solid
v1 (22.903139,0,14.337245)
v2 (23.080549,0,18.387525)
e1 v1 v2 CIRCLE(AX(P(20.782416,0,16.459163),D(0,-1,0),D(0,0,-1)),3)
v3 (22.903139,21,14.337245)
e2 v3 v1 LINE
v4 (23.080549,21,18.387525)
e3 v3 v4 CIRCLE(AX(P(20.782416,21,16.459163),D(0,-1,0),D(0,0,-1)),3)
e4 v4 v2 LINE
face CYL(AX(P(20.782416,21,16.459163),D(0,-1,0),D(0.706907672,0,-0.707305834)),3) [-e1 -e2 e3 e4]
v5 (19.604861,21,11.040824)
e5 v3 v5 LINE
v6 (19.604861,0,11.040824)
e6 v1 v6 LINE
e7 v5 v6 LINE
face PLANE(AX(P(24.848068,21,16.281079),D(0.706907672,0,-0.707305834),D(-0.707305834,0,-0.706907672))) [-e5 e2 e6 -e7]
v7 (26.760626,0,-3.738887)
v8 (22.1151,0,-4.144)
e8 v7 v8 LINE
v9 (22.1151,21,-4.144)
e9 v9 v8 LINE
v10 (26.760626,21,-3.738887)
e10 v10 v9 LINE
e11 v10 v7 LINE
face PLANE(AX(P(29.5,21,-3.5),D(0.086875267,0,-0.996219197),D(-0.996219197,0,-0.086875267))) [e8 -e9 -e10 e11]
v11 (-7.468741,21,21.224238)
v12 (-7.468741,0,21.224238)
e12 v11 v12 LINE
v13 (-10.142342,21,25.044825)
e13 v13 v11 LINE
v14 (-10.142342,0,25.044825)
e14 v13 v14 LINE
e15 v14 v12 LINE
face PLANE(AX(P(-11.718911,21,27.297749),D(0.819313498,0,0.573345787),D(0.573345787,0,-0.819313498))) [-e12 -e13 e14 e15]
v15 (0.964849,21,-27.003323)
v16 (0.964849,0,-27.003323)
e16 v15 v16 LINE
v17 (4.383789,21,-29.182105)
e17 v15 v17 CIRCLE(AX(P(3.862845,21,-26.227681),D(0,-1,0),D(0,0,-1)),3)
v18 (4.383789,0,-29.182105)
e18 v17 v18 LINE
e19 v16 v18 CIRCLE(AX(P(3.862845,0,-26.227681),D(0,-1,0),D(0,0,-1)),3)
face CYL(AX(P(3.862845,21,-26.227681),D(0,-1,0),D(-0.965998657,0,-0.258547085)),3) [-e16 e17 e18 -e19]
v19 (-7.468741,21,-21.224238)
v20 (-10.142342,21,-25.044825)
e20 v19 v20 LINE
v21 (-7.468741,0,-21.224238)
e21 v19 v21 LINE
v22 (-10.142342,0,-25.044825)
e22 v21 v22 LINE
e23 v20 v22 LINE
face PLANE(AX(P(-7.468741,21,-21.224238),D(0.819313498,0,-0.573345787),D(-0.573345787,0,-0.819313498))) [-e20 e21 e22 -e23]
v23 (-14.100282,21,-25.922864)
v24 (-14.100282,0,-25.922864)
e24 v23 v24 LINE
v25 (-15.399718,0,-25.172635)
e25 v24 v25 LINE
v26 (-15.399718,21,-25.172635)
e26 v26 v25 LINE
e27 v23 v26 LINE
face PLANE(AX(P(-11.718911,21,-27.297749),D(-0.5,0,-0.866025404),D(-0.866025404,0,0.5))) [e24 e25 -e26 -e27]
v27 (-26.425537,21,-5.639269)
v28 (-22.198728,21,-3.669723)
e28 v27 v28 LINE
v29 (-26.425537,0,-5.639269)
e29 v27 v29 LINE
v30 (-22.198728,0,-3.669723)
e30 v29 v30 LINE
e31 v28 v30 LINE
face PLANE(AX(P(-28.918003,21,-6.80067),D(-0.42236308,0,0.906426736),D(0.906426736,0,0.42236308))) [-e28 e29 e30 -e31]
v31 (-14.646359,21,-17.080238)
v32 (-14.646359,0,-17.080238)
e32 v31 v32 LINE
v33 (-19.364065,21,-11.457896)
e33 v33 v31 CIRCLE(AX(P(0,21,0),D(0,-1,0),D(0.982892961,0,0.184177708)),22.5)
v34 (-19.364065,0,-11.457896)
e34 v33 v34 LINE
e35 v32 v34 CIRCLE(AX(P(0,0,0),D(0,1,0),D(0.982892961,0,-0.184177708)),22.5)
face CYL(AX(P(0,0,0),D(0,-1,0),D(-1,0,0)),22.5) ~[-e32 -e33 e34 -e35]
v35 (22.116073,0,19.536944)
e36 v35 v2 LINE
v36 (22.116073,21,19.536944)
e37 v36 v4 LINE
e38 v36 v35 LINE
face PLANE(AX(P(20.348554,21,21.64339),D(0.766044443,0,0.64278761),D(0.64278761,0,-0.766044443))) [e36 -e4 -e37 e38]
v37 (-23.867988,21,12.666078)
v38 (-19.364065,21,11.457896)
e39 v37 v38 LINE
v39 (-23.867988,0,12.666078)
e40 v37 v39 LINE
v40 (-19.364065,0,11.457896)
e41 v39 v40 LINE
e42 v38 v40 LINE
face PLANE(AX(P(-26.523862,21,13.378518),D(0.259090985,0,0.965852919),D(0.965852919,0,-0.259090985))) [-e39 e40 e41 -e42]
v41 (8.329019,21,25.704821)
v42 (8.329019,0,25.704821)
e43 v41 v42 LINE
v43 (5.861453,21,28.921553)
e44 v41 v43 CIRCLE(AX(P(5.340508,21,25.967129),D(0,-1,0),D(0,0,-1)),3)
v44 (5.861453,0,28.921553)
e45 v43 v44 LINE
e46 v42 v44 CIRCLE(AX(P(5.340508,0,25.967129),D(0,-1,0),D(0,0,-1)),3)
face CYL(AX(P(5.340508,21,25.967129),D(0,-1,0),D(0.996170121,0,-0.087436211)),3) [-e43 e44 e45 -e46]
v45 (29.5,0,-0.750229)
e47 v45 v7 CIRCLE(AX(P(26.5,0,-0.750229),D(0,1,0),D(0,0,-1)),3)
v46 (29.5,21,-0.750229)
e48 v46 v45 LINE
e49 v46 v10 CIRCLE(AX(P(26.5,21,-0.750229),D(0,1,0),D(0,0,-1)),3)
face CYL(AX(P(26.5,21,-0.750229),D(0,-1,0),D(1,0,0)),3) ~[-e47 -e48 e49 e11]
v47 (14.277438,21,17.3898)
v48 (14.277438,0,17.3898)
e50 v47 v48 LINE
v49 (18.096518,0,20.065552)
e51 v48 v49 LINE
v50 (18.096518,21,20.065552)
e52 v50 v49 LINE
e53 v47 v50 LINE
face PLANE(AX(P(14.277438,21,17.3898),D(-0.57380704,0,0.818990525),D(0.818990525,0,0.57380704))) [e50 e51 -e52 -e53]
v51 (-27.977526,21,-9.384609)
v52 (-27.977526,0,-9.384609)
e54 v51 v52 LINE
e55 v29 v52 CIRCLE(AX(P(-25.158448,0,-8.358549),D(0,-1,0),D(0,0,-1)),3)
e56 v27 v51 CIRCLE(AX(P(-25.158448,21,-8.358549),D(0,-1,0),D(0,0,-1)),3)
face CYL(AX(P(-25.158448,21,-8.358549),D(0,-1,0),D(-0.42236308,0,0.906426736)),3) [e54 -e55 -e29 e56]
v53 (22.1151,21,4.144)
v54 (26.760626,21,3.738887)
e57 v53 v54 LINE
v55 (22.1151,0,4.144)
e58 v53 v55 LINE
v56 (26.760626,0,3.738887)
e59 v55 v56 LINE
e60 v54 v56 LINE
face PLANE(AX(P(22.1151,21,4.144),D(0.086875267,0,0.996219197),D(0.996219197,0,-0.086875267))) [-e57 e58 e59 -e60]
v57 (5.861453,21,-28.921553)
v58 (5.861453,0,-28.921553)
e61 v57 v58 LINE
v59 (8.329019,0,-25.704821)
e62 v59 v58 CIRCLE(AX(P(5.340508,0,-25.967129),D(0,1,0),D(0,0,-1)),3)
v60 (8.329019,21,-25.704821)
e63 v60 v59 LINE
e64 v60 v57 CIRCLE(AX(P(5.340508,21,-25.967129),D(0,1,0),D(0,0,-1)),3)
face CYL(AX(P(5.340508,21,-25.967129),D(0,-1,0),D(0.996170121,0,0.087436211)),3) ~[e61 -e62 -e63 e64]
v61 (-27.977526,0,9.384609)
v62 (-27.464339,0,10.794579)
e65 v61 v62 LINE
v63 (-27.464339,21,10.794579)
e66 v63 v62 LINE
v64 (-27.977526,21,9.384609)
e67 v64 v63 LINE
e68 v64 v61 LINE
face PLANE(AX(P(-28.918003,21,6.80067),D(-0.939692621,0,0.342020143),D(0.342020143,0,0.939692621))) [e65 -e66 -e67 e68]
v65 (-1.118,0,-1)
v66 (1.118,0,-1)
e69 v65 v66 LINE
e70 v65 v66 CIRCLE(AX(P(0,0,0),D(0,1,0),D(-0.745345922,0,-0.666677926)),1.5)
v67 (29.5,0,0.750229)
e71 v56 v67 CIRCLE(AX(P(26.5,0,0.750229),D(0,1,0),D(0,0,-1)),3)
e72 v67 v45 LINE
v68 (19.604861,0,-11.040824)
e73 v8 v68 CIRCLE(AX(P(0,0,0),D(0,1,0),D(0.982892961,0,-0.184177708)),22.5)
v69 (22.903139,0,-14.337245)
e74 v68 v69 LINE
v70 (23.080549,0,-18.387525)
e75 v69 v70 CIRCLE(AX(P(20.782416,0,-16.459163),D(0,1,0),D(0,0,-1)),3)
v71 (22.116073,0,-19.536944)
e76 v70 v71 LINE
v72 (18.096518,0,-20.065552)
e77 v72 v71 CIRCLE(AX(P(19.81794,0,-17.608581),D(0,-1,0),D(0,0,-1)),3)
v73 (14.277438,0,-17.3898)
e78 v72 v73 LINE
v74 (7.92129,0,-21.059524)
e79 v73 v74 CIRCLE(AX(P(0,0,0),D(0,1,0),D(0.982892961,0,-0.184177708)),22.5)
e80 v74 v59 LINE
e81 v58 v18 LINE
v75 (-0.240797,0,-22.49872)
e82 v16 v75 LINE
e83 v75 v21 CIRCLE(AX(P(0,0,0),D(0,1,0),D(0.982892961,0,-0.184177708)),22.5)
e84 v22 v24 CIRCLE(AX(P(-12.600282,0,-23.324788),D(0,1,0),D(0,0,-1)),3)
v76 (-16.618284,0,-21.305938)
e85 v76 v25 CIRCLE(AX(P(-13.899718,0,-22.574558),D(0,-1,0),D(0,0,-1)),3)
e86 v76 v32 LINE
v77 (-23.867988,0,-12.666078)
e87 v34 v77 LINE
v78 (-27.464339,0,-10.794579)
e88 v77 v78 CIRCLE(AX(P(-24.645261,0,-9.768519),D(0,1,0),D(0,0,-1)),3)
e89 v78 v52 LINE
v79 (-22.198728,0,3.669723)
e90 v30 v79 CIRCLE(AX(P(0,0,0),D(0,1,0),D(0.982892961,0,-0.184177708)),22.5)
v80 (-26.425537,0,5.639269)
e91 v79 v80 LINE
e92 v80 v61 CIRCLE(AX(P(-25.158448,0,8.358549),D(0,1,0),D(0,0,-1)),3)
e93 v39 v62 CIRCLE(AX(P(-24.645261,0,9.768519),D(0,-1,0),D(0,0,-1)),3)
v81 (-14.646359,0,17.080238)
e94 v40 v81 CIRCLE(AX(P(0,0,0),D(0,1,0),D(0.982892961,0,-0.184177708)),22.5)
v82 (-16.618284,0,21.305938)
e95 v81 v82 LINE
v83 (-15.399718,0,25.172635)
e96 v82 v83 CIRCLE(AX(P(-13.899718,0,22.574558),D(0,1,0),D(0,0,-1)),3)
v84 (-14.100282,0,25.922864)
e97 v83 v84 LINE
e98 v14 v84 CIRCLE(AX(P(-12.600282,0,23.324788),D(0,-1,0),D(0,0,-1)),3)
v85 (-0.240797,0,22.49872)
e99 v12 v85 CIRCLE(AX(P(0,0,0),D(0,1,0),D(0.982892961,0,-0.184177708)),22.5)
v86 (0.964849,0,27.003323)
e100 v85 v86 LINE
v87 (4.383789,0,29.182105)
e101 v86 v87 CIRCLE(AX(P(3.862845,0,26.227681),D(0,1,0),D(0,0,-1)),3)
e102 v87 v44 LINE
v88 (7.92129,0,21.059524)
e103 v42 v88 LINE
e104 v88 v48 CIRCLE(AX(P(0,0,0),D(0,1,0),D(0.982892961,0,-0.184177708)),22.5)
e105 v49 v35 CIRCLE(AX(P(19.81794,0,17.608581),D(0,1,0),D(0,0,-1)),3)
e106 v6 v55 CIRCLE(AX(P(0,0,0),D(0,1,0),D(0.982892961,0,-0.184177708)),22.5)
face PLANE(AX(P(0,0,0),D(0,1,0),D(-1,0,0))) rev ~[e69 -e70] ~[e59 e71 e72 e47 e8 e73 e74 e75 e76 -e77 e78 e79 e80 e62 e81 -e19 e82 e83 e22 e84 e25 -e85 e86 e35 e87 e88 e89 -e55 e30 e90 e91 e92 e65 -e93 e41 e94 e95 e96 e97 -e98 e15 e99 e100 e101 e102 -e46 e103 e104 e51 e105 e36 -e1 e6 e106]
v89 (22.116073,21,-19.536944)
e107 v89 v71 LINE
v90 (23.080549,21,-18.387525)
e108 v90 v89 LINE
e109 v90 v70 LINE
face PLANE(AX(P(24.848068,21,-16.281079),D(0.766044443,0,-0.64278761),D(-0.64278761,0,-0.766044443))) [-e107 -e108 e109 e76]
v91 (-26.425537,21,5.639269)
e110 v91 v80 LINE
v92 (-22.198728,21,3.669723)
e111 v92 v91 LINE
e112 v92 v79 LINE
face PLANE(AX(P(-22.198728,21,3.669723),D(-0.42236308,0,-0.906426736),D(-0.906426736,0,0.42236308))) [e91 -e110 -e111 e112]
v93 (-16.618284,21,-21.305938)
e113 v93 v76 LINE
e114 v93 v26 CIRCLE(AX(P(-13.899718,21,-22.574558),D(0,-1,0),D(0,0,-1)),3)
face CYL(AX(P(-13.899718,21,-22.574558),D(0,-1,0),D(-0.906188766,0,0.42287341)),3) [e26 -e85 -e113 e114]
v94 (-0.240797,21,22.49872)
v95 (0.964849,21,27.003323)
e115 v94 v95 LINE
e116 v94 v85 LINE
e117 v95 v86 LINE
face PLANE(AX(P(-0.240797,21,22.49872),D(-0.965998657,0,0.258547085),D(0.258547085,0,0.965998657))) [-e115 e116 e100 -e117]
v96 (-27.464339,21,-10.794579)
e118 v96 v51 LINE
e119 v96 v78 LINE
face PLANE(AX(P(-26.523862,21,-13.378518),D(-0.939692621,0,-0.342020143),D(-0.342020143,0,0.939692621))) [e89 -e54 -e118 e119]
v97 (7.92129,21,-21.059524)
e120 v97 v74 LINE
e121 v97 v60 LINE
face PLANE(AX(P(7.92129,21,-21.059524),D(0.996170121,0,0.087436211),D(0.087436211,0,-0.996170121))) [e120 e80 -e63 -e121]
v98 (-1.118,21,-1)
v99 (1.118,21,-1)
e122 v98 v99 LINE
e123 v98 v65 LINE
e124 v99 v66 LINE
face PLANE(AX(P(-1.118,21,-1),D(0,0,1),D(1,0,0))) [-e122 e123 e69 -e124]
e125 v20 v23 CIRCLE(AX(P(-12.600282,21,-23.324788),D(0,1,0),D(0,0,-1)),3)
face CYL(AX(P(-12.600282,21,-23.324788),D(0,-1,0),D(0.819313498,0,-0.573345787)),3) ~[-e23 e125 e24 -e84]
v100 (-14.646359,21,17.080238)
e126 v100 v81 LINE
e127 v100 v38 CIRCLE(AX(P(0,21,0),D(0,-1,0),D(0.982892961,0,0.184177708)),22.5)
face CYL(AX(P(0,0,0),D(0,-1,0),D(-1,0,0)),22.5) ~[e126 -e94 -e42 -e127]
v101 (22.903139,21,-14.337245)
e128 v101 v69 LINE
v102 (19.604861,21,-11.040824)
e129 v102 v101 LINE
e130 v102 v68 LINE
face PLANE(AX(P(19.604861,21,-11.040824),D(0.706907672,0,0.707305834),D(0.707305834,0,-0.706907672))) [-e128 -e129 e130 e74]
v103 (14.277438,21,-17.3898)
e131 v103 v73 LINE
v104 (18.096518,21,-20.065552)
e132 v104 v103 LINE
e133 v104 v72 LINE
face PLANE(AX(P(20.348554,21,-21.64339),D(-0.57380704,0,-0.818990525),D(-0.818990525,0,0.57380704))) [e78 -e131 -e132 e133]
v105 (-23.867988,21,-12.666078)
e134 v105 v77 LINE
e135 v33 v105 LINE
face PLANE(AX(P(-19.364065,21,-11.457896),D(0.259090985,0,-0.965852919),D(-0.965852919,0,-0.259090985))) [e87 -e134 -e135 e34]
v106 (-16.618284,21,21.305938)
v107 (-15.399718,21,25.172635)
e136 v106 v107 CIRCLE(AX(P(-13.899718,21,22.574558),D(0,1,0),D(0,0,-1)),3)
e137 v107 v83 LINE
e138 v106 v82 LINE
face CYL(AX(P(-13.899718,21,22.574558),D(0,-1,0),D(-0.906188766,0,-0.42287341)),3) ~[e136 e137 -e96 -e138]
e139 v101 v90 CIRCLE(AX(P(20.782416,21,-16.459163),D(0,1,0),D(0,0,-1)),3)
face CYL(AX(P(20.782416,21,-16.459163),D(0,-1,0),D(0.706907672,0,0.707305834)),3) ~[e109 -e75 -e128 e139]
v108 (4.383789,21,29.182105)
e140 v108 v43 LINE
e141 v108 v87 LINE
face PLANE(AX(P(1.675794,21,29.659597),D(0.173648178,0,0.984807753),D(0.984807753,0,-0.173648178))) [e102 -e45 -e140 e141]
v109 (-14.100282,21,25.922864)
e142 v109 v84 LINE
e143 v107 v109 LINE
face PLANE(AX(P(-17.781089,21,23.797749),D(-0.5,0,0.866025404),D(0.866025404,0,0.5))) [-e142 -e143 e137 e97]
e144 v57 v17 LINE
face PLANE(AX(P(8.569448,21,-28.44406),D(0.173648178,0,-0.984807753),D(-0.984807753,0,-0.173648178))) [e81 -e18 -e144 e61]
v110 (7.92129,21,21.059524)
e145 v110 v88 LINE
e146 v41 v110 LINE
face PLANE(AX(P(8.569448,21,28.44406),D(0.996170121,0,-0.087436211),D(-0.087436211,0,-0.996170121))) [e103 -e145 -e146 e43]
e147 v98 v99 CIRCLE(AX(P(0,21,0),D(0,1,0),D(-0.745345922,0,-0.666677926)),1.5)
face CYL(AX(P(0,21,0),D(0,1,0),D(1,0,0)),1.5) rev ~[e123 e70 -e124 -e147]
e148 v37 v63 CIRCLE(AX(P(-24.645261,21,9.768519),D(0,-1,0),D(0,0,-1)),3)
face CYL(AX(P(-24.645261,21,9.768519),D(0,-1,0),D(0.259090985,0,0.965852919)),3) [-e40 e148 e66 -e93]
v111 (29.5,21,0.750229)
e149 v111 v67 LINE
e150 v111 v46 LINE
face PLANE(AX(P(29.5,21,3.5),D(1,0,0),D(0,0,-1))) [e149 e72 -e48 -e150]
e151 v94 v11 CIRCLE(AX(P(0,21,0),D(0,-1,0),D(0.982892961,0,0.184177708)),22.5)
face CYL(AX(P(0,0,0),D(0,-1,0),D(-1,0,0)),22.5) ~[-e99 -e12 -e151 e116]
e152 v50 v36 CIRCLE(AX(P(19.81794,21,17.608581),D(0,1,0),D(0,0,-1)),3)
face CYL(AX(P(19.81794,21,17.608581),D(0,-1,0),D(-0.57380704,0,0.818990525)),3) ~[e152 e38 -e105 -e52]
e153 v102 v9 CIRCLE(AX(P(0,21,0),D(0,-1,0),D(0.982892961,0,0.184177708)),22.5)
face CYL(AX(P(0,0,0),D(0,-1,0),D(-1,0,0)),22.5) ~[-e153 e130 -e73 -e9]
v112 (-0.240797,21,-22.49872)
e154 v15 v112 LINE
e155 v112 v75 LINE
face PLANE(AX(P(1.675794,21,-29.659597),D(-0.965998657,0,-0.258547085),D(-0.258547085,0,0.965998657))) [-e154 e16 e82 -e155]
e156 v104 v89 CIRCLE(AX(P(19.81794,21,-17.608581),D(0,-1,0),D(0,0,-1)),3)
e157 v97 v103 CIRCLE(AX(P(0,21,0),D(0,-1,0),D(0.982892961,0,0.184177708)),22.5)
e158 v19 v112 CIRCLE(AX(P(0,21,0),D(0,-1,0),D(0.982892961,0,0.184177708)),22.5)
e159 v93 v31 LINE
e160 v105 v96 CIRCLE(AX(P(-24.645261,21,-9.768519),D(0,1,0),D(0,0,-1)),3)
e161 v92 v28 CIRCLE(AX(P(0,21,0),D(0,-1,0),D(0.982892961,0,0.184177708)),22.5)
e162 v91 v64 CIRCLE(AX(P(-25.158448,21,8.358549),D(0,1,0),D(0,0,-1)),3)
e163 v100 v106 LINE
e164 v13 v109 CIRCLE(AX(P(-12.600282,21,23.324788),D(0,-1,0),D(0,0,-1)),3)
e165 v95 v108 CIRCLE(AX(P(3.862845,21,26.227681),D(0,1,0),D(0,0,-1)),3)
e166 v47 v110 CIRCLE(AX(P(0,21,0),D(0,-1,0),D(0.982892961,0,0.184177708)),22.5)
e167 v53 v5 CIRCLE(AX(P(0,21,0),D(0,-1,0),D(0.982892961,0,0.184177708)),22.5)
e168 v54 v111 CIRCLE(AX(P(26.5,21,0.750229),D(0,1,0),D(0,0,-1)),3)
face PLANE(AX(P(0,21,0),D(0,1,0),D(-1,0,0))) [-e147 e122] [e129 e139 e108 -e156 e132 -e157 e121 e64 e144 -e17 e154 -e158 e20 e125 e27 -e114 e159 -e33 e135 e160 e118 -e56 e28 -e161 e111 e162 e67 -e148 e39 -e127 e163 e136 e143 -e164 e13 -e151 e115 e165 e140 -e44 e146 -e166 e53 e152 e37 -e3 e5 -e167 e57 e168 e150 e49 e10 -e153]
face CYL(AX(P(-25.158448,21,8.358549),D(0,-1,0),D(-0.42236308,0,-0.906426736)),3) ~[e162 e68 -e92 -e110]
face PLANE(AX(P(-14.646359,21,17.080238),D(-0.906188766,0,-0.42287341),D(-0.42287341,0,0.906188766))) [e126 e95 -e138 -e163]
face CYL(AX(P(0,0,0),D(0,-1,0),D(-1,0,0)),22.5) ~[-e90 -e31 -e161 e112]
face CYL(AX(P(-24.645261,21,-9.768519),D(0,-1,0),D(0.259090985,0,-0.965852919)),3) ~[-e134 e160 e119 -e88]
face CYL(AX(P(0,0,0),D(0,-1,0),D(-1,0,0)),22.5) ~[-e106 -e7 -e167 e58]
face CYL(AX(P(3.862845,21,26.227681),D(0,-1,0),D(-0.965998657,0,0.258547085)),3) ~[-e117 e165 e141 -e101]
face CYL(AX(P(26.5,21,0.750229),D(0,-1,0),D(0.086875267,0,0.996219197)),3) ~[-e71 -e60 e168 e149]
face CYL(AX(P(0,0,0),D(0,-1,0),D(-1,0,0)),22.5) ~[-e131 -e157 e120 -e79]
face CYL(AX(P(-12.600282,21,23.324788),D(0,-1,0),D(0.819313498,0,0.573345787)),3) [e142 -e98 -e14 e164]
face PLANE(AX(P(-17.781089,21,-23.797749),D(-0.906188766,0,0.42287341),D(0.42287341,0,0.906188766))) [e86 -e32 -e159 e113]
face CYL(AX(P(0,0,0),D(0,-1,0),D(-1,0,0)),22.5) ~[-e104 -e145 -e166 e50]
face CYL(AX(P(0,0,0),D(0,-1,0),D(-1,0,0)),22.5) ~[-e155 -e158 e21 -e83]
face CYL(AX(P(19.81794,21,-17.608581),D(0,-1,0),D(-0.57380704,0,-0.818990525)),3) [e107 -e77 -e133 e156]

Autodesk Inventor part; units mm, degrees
ref_plane "YZ Plane" through (0, 0, 0) normal (1, 0, 0) x (0, 1, 0)
ref_plane "XZ Plane" through (0, 0, 0) normal (0, 1, 0) x (-1, 0, 0)
ref_plane "XY Plane" through (0, 0, 0) normal (0, 0, 1) x (1, 0, 0)
sketch "Szkic1" plane through (0, 0, 0) normal (0, 1, 0) x (-1, 0, 0)
  circle A0 centre (0, 0) radius 22.5
  dimension "d0" = 45
extrude "Wyciągnięcie proste1" add sketch "Szkic1" along normal blind 21
sketch "Szkic2" plane through (0, 21, 0) normal (0, 1, 0) x (1, 0, 0)
  circle A0 centre (0, 0) radius 22.5 projected
  line L0 (22.1151, -4.144) -> (29.5, -3.5)
  line L1 (29.5, -3.5) -> (29.5, 3.5)
  line L2 (29.5, 3.5) -> (22.1151, 4.144)
  line L3 (22.1151, -4.144) -> (22.1151, 4.144)
  dimension "d3" = 7
  dimension "d4" = 7
extrude "Wyciągnięcie proste2" add sketch "Szkic2" against normal blind 21 contours A0 L2 L1 L0
fillet "Zaokrąglenie1" radius 3 2 edges at (29.5, 10.5, -3.5) (29.5, 10.5, 3.5)
pattern_circular "Szyk kołowy2" count 9 over 360 about axis through (0, 0, 0) along (0, 1, 0) of "Wyciągnięcie proste2", "Zaokrąglenie1"
sketch "Szkic3" plane through (0, 0, 0) normal (0, -1, 0) x (1, 0, 0)
  point P0 (0, 0)
sketch "Szkic4" plane through (0, 21, 0) normal (0, 1, 0) x (1, 0, 0)
  circle A0 centre (0, 0) radius 1.5
  line L0 (-1.118, 1) -> (1.118, 1)
  circle A1 centre (0, 0) radius 2
  dimension "d14" = 3
  dimension "d15" = 2.5
  dimension "d16" = 0
  dimension "d17" = 0
extrude "Wyciągnięcie proste3" cut sketch "Szkic4" against normal through all contours A0 L0 picked at (0.0594, 0.1702)
properties part number "KOŁO"
